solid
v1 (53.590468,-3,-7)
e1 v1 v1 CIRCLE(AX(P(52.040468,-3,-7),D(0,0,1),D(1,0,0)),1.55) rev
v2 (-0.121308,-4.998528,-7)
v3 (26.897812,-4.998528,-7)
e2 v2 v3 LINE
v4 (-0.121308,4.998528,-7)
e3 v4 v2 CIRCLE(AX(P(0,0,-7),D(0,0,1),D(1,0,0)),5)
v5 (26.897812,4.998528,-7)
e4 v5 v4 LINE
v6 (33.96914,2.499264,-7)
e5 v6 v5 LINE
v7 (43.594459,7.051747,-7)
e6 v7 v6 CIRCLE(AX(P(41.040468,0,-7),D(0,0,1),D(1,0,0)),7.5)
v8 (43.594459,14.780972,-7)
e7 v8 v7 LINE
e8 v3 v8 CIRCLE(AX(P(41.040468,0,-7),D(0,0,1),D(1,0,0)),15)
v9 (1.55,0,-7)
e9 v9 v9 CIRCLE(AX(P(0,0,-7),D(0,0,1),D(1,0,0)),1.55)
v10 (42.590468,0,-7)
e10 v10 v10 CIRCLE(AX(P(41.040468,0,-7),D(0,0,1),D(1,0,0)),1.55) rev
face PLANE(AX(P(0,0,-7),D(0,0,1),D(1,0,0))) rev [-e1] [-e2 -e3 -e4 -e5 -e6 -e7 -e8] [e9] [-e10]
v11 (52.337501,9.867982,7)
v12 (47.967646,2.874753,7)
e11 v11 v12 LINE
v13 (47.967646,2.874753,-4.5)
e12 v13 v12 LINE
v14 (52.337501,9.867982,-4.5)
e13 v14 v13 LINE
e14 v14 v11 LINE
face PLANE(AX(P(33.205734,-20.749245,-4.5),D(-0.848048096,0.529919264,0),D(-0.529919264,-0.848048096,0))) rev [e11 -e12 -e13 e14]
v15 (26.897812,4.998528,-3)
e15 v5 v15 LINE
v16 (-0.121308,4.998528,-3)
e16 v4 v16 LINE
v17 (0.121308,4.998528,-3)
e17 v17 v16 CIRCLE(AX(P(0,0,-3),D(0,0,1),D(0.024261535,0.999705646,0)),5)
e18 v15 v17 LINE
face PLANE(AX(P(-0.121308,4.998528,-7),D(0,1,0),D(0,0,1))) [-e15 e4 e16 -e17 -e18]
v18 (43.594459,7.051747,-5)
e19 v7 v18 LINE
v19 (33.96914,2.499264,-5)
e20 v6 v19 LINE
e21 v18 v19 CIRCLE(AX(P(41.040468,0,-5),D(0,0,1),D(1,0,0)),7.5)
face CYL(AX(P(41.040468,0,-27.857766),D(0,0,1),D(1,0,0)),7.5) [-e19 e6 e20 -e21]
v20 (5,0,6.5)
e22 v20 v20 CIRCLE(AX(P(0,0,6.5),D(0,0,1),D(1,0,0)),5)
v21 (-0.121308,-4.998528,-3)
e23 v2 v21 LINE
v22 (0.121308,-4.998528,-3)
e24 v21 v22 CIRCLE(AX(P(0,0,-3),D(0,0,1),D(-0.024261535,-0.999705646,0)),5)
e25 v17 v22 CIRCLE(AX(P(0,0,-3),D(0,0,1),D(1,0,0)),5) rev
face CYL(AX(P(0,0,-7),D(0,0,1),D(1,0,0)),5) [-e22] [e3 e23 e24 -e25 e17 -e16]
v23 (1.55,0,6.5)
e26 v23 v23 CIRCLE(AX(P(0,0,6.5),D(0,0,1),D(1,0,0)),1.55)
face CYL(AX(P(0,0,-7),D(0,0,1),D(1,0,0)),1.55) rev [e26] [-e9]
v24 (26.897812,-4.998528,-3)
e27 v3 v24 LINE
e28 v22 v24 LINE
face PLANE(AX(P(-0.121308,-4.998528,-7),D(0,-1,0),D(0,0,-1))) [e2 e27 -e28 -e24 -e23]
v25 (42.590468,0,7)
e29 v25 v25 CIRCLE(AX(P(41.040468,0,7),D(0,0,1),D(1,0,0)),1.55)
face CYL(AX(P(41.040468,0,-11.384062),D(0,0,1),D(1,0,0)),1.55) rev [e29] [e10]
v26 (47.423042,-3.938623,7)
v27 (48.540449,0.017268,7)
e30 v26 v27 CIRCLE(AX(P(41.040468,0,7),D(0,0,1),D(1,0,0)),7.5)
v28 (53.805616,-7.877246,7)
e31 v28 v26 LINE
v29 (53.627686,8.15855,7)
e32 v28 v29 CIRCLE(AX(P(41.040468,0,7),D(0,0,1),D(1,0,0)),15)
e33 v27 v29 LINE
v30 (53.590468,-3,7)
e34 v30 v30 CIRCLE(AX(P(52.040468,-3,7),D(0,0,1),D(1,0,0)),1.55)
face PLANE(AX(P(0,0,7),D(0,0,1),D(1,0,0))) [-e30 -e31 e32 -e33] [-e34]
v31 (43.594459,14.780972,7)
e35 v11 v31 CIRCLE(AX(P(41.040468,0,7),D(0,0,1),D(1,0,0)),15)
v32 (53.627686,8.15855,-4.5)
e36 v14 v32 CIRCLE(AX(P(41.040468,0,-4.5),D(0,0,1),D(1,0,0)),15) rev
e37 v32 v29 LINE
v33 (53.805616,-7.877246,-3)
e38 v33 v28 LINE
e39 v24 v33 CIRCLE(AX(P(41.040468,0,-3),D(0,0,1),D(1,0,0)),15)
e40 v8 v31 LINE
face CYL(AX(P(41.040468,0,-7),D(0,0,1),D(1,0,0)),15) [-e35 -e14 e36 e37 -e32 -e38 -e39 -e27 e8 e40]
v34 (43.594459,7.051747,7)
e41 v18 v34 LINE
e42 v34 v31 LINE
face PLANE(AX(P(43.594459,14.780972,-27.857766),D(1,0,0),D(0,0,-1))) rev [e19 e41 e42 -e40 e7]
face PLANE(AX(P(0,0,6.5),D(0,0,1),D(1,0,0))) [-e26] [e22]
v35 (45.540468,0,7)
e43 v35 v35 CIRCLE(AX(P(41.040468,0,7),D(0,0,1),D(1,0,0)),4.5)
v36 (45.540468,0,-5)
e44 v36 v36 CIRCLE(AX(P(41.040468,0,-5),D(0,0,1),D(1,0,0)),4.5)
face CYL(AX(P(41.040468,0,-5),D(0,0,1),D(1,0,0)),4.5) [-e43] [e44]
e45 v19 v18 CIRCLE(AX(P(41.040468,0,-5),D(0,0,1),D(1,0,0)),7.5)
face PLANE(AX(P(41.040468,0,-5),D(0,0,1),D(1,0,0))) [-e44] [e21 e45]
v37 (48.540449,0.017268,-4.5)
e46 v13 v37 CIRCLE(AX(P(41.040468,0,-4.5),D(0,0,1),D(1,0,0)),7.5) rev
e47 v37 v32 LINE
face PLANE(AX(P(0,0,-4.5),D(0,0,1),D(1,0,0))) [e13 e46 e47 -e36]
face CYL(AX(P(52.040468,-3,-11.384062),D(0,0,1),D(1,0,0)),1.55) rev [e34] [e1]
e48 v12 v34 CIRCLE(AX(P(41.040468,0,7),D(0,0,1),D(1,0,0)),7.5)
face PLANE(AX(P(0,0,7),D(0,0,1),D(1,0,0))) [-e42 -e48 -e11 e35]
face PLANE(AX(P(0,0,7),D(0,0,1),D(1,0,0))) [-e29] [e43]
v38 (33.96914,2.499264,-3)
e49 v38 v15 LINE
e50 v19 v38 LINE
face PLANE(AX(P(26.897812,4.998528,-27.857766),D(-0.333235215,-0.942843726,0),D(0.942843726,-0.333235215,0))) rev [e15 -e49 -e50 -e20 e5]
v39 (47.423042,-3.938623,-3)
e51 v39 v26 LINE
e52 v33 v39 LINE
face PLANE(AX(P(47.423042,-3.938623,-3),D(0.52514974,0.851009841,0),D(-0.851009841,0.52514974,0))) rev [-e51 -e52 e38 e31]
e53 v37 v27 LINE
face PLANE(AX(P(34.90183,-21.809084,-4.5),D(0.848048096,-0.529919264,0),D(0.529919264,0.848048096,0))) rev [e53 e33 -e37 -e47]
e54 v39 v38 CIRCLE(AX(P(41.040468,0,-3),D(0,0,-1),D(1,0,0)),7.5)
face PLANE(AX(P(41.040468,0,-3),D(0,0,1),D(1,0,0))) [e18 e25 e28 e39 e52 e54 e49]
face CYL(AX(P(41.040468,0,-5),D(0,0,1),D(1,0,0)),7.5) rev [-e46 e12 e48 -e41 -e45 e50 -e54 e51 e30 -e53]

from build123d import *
from build123d.topology import SkipClean

# Parameters (mm, degrees)
BOSS_EXTRU_1_DEPTH      = 7
BOSS_EXTRU_1_DEPTH_BACK = 7
ESQUISSE1_R             = 1.55
ESQUISSE3_R             = 7.5
ESQUISSE3_R_2           = 4.5
ENL_V_MAT_EXTRU_1_DEPTH = 12
ENL_V_MAT_EXTRU_2_REACH = 61.679
ESQUISSE5_R             = 1.55
ENL_V_MAT_EXTRU_3_DEPTH = 14
ENL_V_MAT_EXTRU_4_DEPTH = 11.5
ENL_V_MAT_EXTRU_5_DEPTH = 10
ESQUISSE8_R             = 5
ESQUISSE8_R_2           = 1.55
BOSS_EXTRU_3_DEPTH      = 9.5
SKETCH1_R               = 1.55
CUT_EXTRUDE1_DEPTH      = 14


with BuildPart() as part:
    # Esquisse1 → Boss.-Extru.1 (new, two sides: drawn at the far end of the back side and taken through both)
    with BuildSketch(Plane.XY.offset(-BOSS_EXTRU_1_DEPTH_BACK)):
        with BuildLine():
            Line((-0.121307676, 4.998528228), (26.897812493, 4.998528228))
            ThreePointArc((26.897812493, 4.998528228), (43.36686221, 14.818498296), (56.034466428, 0.42429064))
            ThreePointArc((56.034466428, 0.42429064), (43.785088024, -14.746764493), (26.897812493, -4.998528228))
            Line((26.897812493, -4.998528228), (-0.121307676, -4.998528228))
            ThreePointArc((-0.121307676, -4.998528228), (-5, 0), (-0.121307676, 4.998528228))
        make_face()
        Circle(ESQUISSE1_R, mode=Mode.SUBTRACT)
    extrude(amount=BOSS_EXTRU_1_DEPTH + BOSS_EXTRU_1_DEPTH_BACK)

    # Esquisse3 → Enlèv. mat.-Extru.1 (cut)
    with BuildSketch(Plane.XY.offset(7)):
        with Locations((41.040468381, 0)):
            Circle(ESQUISSE3_R)
        with Locations((41.040468381, 0)):
            Circle(ESQUISSE3_R_2, mode=Mode.SUBTRACT)
    extrude(amount=-ENL_V_MAT_EXTRU_1_DEPTH, mode=Mode.SUBTRACT)

    # Enlèv. mat.-Extru.2: up to this face of the body (flat: up to its plane)
    enl_v_mat_extru_2_end = Plane(part.part.faces().sort_by_distance((32.334245268, 0, -7))[0])
    # Esquisse4 → Enlèv. mat.-Extru.2 (cut, up to the picked face)
    with BuildSketch(Plane.XY.offset(7), mode=Mode.PRIVATE) as enl_v_mat_extru_2_sk1:
        with BuildLine():
            Line((26.897812493, 4.998528228), (33.969140437, 2.499264114))
            ThreePointArc((33.969140437, 2.499264114), (37.833778623, 6.779907138), (43.594458809, 7.051746797))
            Line((43.594458809, 7.051746797), (43.594458809, 14.780971987))
            ThreePointArc((43.594458809, 14.780971987), (33.45770218, 12.942243111), (26.897812493, 4.998528228))
        make_face()
    enl_v_mat_extru_2_tool1 = split(extrude(enl_v_mat_extru_2_sk1.sketch, amount=-ENL_V_MAT_EXTRU_2_REACH, mode=Mode.PRIVATE), bisect_by=enl_v_mat_extru_2_end, keep=Keep.BOTH, mode=Mode.PRIVATE)
    add(enl_v_mat_extru_2_tool1.solids().sort_by(Axis((35.915209, 9.281231, 7), (0, 0, -1)))[0], mode=Mode.SUBTRACT)

    # Esquisse5 → Enlèv. mat.-Extru.3 (cut)
    with BuildSketch(Plane.XY.offset(7)):
        with Locations((41.040468381, 0)):
            Circle(ESQUISSE5_R)
    extrude(amount=-ENL_V_MAT_EXTRU_3_DEPTH, mode=Mode.SUBTRACT)

    # Esquisse6 → Enlèv. mat.-Extru.4 (cut)
    with BuildSketch(Plane(origin=(0, 0, 7), x_dir=(-1, 0, 0), z_dir=(0, 0, -1))):
        with BuildLine():
            Line((-47.967646393, 2.874752996), (-52.337500651, 9.867981652))
            ThreePointArc((-52.337500651, 9.867981652), (-53.013141031, 9.036321686), (-53.627686287, 8.158550445))
            Line((-53.627686287, 8.158550445), (-48.540448501, 0.017268159))
            ThreePointArc((-48.540448501, 0.017268159), (-48.394176822, 1.474100456), (-47.967646393, 2.874752996))
        make_face()
    extrude(amount=ENL_V_MAT_EXTRU_4_DEPTH, mode=Mode.SUBTRACT)

    # Esquisse7 → Enlèv. mat.-Extru.5 (cut)
    with BuildSketch(Plane.XY.offset(7)):
        with BuildLine():
            Line((47.423042191, -3.938623052), (53.805616002, -7.877246105))
            ThreePointArc((53.805616002, -7.877246105), (39.444806634, -14.914887314), (26.897812493, -4.998528228))
            Line((26.897812493, -4.998528228), (-0.121307676, -4.998528228))
            ThreePointArc((-0.121307676, -4.998528228), (-5.242615351, 0), (-0.121307676, 4.998528228))
            Line((-0.121307676, 4.998528228), (26.897812493, 4.998528228))
            Line((26.897812493, 4.998528228), (33.969140437, 2.499264114))
            ThreePointArc((33.969140437, 2.499264114), (37.803155706, -6.76533862), (47.423042191, -3.938623052))
        make_face()
    extrude(amount=-ENL_V_MAT_EXTRU_5_DEPTH, mode=Mode.SUBTRACT)

    # Esquisse8 → Boss.-Extru.3 (add)
    with SkipClean():  # the faces are left unmerged after this step: merging them gives an invalid solid
        with BuildSketch(Plane.XY.offset(-3)):
            Circle(ESQUISSE8_R)
            Circle(ESQUISSE8_R_2, mode=Mode.SUBTRACT)
        extrude(amount=BOSS_EXTRU_3_DEPTH)

    # Sketch1 → Cut-Extrude1 (cut)
    with SkipClean():  # the faces are left unmerged after this step: merging them gives an invalid solid
        with BuildSketch(Plane.XY.offset(7)):
            with Locations((52.040468381, -3)):
                Circle(SKETCH1_R)
        extrude(amount=-CUT_EXTRUDE1_DEPTH, mode=Mode.SUBTRACT)


solid = part.part
